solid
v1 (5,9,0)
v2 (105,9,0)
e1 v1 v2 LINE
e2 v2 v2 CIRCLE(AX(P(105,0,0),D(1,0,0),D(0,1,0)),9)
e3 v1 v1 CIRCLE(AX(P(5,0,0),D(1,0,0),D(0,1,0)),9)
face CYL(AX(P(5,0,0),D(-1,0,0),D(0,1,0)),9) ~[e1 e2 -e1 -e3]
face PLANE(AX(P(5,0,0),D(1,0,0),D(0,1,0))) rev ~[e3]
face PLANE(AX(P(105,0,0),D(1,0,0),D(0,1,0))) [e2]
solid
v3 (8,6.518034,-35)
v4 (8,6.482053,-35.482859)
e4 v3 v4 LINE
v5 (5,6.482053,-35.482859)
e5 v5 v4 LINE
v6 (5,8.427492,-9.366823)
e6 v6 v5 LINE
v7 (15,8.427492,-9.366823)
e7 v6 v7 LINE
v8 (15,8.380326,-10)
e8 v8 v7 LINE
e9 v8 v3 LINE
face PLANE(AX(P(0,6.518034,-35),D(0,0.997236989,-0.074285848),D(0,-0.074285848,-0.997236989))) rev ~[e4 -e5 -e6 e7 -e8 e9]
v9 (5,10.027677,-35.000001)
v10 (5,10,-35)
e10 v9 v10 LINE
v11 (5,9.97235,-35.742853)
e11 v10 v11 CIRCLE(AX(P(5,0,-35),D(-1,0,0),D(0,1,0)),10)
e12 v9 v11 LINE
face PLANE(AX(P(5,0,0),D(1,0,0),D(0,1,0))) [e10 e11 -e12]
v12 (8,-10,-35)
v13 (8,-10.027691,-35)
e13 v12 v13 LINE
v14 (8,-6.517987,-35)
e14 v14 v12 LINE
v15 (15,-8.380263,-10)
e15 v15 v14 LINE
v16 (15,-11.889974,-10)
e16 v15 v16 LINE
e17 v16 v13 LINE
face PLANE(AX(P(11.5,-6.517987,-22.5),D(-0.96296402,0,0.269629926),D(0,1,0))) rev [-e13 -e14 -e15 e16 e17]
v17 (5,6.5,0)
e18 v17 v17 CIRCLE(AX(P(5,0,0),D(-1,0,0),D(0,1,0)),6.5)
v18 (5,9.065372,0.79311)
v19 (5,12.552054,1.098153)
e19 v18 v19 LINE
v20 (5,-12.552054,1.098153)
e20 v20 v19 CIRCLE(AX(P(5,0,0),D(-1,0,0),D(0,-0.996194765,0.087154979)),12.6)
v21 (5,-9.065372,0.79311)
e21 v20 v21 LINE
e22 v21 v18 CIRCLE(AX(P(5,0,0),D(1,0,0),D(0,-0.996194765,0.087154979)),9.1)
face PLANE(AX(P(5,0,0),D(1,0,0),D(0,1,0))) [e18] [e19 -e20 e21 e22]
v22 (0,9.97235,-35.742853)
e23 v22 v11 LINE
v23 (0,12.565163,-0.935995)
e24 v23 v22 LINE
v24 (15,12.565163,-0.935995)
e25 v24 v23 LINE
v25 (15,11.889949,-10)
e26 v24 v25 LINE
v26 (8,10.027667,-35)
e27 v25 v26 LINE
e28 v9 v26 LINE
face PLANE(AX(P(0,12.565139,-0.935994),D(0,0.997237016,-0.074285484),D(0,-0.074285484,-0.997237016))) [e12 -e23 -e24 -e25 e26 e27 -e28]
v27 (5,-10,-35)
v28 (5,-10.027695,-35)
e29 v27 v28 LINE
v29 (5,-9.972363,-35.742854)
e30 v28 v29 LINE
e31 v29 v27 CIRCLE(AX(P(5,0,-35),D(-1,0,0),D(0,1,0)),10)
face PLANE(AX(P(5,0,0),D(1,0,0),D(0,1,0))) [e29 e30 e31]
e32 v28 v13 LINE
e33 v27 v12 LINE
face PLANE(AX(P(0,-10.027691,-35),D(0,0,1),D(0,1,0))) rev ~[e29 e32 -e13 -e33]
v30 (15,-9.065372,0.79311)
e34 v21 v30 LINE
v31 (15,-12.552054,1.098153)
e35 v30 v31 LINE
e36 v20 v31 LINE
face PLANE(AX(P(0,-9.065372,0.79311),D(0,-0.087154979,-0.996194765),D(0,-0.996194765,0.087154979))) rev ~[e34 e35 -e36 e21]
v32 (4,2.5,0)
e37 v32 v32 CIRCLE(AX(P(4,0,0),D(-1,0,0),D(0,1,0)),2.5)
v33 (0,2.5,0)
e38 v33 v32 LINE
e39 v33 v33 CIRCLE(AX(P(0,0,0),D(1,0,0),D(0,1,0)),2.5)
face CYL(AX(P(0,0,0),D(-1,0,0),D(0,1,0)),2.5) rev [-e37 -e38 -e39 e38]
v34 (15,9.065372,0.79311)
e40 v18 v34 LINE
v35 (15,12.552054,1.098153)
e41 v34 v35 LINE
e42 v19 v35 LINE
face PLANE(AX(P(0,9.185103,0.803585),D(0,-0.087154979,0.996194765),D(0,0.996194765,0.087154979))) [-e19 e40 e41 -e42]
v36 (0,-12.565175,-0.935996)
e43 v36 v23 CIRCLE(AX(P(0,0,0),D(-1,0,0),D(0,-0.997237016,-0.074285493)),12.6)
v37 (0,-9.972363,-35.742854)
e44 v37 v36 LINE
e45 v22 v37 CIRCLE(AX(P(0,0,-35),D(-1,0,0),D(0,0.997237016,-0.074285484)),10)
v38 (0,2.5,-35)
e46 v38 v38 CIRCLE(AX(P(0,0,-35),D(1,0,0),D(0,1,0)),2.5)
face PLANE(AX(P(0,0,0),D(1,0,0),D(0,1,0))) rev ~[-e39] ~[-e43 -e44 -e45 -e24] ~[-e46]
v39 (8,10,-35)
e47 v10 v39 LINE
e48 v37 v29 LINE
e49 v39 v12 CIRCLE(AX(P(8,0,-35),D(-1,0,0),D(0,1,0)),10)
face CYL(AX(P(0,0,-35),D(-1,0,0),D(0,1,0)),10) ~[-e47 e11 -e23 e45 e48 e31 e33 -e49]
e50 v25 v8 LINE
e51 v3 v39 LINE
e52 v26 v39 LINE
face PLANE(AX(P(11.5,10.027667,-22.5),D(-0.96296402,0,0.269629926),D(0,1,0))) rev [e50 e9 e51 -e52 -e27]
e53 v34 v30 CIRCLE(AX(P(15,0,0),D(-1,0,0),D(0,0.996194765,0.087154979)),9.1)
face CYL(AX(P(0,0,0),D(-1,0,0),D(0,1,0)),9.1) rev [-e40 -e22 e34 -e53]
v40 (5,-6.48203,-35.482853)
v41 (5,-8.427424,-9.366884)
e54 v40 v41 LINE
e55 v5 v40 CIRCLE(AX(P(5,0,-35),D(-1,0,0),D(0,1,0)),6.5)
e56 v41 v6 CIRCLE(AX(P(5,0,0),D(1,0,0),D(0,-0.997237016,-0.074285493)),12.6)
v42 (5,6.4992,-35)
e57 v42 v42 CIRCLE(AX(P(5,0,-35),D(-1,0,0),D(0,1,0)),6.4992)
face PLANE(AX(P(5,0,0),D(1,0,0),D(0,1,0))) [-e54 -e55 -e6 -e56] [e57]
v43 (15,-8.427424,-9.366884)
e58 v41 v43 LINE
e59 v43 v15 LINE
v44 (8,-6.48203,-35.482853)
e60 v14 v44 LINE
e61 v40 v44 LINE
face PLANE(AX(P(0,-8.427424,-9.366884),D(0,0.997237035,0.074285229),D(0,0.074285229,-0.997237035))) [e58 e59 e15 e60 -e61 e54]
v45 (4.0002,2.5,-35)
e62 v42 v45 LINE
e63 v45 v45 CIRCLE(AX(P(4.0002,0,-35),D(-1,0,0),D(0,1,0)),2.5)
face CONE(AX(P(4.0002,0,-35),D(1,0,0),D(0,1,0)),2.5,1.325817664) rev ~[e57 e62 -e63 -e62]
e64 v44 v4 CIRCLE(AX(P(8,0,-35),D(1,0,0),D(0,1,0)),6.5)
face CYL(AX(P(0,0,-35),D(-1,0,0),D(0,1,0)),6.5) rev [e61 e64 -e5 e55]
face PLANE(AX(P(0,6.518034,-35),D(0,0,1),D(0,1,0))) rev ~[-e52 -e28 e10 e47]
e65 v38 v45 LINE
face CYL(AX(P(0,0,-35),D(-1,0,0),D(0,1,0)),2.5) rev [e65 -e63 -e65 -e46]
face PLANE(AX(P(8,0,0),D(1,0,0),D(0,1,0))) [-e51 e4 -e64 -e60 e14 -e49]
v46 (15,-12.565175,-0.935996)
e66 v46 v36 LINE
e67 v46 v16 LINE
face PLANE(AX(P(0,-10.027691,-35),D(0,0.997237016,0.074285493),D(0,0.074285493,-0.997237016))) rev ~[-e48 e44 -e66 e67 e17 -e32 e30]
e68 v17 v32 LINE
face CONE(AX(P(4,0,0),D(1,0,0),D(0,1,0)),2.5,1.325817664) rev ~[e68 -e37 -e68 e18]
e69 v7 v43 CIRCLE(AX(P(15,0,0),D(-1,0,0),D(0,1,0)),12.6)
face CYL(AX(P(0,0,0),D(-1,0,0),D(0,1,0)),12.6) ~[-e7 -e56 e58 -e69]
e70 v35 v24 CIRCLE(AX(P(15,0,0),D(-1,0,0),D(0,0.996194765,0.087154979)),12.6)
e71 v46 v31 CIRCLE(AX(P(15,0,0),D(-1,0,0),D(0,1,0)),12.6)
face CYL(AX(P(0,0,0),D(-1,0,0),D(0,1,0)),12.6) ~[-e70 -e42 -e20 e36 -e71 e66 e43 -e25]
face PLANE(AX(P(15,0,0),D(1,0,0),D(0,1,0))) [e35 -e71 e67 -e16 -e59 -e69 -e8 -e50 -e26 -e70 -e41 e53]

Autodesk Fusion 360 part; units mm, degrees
sketch "Sketch1" plane through (0, 0, 0) normal (1, 0, 0) x (0, 1, 0)
  circle A0 centre (0, 0) radius 9
  dimension "d1" = 18
extrude "Extrude1" add sketch "Sketch1" along normal blind 100 from surface at 5 makes body 1
sketch "Sketch2" plane through (0, 0, 0) normal (1, 0, 0) x (0, 1, 0)
  circle A0 centre (0, 0) radius 9.1
  circle A1 centre (0, 0) radius 12.6
  line L0 (0, 0) -> (-19.9239, 1.7431)
  line L1 (0, 0) -> (20, 0) construction
  line L2 (0, 0) -> (19.9239, 1.7431)
  line L3 (0, 0) -> (20, 0) construction
  circle A2 centre (0, -35) radius 10
  circle A3 centre (0, -35) radius 5
  line L4 (-21.2876, 35.0304) -> (-21.2876, -70)
  line L5 (-13.3685, 9.8483) -> (-9.165, -46.5811)
  line L6 (13.6434, 13.539) -> (8.4962, -55.559)
  circle A4 centre (0, -35) radius 2.5
  circle A5 centre (0, -35) radius 6.5
  line L7 (-35, -35) -> (38.1692, -35)
  line L8 (-10.1926, 14.3296) -> (-4.6115, -60.5935)
  line L9 (10.3108, 15.9153) -> (5.1932, -52.785)
  circle A6 centre (0, 0) radius 2.5
  circle A7 centre (0, 0) radius 5
  dimension "d4" = 18.2
  dimension "d5" = 25.2
  dimension "d8" = 175
  dimension "d9" = 20
  dimension "d10" = 20
  dimension "d11" = 5
  dimension "d14" = 20
  dimension "d15" = 10
  dimension "d16" = 35
  dimension "d17" = 5
  dimension "d18" = 13
  dimension "d27" = 5
  dimension "d28" = 10
extrude "Extrude2" add sketch "Sketch2" along normal blind 5 separate body contours A0 L0 L2 A7 | A0 L2 L9 | A0 L0 L2 A7 | A0 A1 L0 L2 L8 L9 | A0 A1 L8 L9 | A1 L2 L9 | A0 L0 L8 | L0 L2 A6 A7 | L0 L2 A6 A7 | A1 L2 L9 | A1 L0 L8 | A1 A2 L8 L9 | A1 A2 L6 L7 L9 | A1 L0 L8 | L0 L2 A6 | L0 L2 A6 | A1 A2 L5 L7 L8 | A2 A5 L7 L8 L9 | A2 L7 L9 | A2 L7 L8 | A2 L6 L7 | A2 L7 L9 | A5 L7 L9 | A2 L5 L7 | A2 L7 L8 | A5 L7 L8 | A3 A5 L7 | A3 A5 L7 | A2 A5 L8 L9 | A3 A4 L7 | A3 A4 L7 | A4 L7 | A4 L7 makes body 2
extrude "Extrude3" add sketch "Sketch2" along normal blind 15 contours A0 L2 L9 | A0 A1 L8 L9 | A1 L2 L9 | A0 L0 L8 | A1 L0 L8 picked at (11.3282, -1.3785) picked at (-11.3282, -1.3785) bodies 2
extrude "Extrude4" add sketch "Sketch2" along normal blind 8 contours A2 L7 L9 | A2 L7 L8 | A2 A5 L8 L9 picked at (8.7391, -36.1302) picked at (-8.7391, -36.1302) bodies 2
extrude "Extrude5" add sketch "Sketch2" along normal blind 15 contours A1 A2 L6 L7 L9 | A1 A2 L5 L7 L8 | A2 L7 L9 | A2 L7 L8 picked at (8.8106, -34.563) picked at (-8.8106, -34.563) bodies 2
chamfer "Chamfer1" distance 25 distance2 7 1 edges at (15, -8.2729, -35) measured on face at (15, 10.3401, -15.101) on bodies 2
chamfer "Chamfer2" distance 25 distance2 7 1 edges at (15, 8.2729, -35) measured on face at (15, 10.3401, -15.101) on bodies 2
extrude "Extrude6" cut sketch "Sketch2" along normal blind 15 contours L0 L2 A6 | L0 L2 A6 | A4 L7 | A4 L7 bodies 2
chamfer "Chamfer3" distance 4 distance2 1 1 edges at (5, -2.3308, 0.904) measured on face at (5, 6.8967, 3.4743) on bodies 2
chamfer "Chamfer4" distance 4 distance2 1 1 edges at (5, -2.3308, -34.096) measured on face at (5, -4.4677, -26.6434) on bodies 2
